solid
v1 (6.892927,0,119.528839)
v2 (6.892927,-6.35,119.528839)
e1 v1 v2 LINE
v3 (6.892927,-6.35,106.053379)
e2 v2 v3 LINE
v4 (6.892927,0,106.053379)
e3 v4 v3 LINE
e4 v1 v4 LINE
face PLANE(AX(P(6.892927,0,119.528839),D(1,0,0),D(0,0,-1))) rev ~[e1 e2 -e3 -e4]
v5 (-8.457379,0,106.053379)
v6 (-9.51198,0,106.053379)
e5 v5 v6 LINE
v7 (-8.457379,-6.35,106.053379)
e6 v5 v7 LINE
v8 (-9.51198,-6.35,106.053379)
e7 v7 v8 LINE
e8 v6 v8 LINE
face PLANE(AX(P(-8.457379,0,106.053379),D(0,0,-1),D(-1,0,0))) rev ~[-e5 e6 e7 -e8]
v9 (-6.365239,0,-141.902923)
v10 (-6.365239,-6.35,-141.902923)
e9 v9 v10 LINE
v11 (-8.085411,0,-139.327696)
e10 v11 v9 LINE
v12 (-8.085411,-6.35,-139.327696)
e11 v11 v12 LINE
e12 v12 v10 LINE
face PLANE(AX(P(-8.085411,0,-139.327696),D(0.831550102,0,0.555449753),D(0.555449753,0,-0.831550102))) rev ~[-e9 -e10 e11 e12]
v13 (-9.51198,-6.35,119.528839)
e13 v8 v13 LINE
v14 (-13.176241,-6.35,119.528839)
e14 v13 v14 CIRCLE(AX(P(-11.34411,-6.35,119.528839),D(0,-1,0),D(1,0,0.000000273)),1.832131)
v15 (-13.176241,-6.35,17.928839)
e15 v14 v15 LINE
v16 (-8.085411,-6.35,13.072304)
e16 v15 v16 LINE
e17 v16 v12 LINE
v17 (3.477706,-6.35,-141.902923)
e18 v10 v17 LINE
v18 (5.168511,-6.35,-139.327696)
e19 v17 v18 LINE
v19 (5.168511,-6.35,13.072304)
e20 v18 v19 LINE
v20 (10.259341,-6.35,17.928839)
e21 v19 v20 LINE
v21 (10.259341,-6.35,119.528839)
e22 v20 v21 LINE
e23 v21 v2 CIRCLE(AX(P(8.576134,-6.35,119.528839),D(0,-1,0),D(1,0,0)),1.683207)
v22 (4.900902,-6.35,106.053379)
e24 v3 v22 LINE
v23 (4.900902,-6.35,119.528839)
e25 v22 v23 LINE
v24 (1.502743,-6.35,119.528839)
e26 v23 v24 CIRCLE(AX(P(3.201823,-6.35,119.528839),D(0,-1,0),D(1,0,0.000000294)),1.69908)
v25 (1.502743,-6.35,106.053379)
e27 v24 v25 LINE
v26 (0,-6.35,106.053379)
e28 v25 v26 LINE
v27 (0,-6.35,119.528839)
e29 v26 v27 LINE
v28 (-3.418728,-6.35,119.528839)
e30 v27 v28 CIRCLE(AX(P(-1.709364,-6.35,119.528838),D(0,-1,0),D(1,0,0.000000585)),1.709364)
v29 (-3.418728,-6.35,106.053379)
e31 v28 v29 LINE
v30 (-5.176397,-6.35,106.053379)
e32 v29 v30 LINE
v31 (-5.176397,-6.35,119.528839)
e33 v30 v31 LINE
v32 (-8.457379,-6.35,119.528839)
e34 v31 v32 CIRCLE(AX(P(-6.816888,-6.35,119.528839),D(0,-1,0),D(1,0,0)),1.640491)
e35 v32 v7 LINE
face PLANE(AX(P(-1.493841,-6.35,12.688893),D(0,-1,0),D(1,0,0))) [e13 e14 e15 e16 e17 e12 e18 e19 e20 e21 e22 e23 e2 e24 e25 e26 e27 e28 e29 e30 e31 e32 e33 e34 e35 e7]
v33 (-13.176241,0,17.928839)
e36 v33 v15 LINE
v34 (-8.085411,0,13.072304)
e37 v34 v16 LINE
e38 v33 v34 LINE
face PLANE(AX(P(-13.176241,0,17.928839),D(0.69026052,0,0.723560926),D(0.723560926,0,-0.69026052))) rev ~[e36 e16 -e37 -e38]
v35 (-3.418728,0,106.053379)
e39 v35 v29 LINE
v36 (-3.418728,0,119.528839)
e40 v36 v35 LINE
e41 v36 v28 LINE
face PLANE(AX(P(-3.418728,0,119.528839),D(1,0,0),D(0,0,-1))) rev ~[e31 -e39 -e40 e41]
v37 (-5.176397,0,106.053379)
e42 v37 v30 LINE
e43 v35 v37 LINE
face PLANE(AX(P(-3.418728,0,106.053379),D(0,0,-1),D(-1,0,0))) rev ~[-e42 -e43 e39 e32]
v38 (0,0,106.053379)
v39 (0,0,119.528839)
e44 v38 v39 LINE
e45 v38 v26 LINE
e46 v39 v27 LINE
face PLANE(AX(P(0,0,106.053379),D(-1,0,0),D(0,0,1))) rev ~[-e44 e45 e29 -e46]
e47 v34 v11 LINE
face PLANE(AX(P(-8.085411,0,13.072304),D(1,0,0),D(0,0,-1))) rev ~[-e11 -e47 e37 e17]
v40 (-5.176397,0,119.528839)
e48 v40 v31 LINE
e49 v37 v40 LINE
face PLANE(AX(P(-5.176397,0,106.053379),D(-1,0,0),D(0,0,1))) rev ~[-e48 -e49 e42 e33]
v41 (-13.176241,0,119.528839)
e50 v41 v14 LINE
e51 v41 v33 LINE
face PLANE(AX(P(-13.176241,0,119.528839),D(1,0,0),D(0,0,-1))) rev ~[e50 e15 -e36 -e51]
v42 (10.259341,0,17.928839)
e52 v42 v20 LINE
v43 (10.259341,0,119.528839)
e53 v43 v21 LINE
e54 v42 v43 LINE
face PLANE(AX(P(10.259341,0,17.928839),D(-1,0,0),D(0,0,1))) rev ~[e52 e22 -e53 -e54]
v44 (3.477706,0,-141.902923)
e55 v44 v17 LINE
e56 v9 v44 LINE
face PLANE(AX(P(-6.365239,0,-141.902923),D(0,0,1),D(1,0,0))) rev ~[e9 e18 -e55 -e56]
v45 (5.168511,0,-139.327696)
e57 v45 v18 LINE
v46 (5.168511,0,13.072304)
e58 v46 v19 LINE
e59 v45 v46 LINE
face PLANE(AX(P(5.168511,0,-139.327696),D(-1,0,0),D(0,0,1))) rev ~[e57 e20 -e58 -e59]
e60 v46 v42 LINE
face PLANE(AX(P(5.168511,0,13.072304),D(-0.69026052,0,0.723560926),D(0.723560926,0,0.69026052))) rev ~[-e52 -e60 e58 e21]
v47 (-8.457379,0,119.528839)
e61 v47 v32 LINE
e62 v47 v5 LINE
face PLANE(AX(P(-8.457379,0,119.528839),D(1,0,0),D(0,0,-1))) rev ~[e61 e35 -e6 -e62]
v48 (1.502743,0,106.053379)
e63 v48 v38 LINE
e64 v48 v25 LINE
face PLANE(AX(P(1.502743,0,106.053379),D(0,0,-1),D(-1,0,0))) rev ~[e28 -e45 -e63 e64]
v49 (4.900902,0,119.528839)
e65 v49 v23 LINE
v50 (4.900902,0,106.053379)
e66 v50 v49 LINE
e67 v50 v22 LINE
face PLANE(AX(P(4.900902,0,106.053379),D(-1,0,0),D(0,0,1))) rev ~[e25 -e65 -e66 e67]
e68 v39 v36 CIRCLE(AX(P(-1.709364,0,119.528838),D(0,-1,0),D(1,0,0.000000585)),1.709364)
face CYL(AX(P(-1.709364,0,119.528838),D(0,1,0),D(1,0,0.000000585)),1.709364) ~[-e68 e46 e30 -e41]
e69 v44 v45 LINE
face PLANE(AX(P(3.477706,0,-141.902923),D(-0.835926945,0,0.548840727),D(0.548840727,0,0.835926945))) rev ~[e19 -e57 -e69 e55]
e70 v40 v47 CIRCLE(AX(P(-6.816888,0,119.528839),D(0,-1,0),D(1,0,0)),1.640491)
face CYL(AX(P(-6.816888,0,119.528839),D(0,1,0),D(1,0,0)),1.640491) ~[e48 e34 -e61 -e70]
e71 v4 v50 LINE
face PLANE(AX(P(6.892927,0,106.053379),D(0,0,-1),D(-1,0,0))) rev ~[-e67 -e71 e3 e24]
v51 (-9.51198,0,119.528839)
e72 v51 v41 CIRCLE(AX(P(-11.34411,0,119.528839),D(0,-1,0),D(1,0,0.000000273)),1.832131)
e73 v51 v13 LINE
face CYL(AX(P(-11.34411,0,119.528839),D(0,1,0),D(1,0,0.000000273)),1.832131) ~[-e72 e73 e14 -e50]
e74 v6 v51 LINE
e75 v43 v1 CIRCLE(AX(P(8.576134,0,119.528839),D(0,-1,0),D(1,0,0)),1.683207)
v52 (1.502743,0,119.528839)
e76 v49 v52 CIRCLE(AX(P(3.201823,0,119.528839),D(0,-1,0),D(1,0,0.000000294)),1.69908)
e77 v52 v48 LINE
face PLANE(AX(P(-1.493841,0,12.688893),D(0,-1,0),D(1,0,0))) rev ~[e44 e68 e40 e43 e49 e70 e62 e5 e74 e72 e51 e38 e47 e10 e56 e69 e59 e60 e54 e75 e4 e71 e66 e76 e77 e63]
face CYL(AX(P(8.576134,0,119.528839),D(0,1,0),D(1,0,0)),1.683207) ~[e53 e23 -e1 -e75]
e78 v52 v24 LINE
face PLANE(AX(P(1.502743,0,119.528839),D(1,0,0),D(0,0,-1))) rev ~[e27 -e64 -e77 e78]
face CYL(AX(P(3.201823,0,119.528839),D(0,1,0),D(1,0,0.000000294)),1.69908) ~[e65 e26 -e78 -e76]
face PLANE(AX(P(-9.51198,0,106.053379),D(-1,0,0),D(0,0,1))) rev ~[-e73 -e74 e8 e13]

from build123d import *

# Parameters (mm, degrees)
F1_DEPTH = 6.35


with BuildPart() as f1:
    # F0 (on Front) → F1 (new body)
    with BuildSketch(Plane.XZ):
        with BuildLine():
            Line((-8.085411, 13.072304), (-8.085411, -139.327696))
            Line((-8.085411, -139.327696), (-6.365239, -141.902923))
            Line((-6.365239, -141.902923), (3.477706, -141.902923))
            Line((3.477706, -141.902923), (5.168511, -139.327696))
            Line((5.168511, -139.327696), (5.168511, 13.072304))
            Line((5.168511, 13.072304), (10.259341, 17.928839))
            Line((10.259341, 17.928839), (10.259341, 119.528839))
            ThreePointArc((10.259341, 119.528839), (8.576134, 121.212046), (6.892927, 119.528839))
            Line((6.892927, 119.528839), (6.892927, 106.053379))
            Line((6.892927, 106.053379), (4.900902, 106.053379))
            Line((4.900902, 106.053379), (4.900902, 119.528839))
            ThreePointArc((4.900902, 119.528839), (3.201823, 121.227918), (1.502743, 119.528839))
            Line((1.502743, 119.528839), (1.502743, 106.053379))
            Line((1.502743, 106.053379), (0, 106.053379))
            Line((0, 106.053379), (0, 119.528839))
            ThreePointArc((0, 119.528839), (-1.709364, 121.238202), (-3.418728, 119.528839))
            Line((-3.418728, 119.528839), (-3.418728, 106.053379))
            Line((-3.418728, 106.053379), (-5.176397, 106.053379))
            Line((-5.176397, 106.053379), (-5.176397, 119.528839))
            ThreePointArc((-5.176397, 119.528839), (-6.816888, 121.16933), (-8.457379, 119.528839))
            Line((-8.457379, 119.528839), (-8.457379, 106.053379))
            Line((-8.457379, 106.053379), (-9.51198, 106.053379))
            Line((-9.51198, 106.053379), (-9.51198, 119.528839))
            ThreePointArc((-9.51198, 119.528839), (-11.344111, 121.360969), (-13.176241, 119.528839))
            Line((-13.176241, 119.528839), (-13.176241, 17.928839))
            Line((-13.176241, 17.928839), (-8.085411, 13.072304))
        make_face()
    extrude(amount=F1_DEPTH)


solid = f1.part
